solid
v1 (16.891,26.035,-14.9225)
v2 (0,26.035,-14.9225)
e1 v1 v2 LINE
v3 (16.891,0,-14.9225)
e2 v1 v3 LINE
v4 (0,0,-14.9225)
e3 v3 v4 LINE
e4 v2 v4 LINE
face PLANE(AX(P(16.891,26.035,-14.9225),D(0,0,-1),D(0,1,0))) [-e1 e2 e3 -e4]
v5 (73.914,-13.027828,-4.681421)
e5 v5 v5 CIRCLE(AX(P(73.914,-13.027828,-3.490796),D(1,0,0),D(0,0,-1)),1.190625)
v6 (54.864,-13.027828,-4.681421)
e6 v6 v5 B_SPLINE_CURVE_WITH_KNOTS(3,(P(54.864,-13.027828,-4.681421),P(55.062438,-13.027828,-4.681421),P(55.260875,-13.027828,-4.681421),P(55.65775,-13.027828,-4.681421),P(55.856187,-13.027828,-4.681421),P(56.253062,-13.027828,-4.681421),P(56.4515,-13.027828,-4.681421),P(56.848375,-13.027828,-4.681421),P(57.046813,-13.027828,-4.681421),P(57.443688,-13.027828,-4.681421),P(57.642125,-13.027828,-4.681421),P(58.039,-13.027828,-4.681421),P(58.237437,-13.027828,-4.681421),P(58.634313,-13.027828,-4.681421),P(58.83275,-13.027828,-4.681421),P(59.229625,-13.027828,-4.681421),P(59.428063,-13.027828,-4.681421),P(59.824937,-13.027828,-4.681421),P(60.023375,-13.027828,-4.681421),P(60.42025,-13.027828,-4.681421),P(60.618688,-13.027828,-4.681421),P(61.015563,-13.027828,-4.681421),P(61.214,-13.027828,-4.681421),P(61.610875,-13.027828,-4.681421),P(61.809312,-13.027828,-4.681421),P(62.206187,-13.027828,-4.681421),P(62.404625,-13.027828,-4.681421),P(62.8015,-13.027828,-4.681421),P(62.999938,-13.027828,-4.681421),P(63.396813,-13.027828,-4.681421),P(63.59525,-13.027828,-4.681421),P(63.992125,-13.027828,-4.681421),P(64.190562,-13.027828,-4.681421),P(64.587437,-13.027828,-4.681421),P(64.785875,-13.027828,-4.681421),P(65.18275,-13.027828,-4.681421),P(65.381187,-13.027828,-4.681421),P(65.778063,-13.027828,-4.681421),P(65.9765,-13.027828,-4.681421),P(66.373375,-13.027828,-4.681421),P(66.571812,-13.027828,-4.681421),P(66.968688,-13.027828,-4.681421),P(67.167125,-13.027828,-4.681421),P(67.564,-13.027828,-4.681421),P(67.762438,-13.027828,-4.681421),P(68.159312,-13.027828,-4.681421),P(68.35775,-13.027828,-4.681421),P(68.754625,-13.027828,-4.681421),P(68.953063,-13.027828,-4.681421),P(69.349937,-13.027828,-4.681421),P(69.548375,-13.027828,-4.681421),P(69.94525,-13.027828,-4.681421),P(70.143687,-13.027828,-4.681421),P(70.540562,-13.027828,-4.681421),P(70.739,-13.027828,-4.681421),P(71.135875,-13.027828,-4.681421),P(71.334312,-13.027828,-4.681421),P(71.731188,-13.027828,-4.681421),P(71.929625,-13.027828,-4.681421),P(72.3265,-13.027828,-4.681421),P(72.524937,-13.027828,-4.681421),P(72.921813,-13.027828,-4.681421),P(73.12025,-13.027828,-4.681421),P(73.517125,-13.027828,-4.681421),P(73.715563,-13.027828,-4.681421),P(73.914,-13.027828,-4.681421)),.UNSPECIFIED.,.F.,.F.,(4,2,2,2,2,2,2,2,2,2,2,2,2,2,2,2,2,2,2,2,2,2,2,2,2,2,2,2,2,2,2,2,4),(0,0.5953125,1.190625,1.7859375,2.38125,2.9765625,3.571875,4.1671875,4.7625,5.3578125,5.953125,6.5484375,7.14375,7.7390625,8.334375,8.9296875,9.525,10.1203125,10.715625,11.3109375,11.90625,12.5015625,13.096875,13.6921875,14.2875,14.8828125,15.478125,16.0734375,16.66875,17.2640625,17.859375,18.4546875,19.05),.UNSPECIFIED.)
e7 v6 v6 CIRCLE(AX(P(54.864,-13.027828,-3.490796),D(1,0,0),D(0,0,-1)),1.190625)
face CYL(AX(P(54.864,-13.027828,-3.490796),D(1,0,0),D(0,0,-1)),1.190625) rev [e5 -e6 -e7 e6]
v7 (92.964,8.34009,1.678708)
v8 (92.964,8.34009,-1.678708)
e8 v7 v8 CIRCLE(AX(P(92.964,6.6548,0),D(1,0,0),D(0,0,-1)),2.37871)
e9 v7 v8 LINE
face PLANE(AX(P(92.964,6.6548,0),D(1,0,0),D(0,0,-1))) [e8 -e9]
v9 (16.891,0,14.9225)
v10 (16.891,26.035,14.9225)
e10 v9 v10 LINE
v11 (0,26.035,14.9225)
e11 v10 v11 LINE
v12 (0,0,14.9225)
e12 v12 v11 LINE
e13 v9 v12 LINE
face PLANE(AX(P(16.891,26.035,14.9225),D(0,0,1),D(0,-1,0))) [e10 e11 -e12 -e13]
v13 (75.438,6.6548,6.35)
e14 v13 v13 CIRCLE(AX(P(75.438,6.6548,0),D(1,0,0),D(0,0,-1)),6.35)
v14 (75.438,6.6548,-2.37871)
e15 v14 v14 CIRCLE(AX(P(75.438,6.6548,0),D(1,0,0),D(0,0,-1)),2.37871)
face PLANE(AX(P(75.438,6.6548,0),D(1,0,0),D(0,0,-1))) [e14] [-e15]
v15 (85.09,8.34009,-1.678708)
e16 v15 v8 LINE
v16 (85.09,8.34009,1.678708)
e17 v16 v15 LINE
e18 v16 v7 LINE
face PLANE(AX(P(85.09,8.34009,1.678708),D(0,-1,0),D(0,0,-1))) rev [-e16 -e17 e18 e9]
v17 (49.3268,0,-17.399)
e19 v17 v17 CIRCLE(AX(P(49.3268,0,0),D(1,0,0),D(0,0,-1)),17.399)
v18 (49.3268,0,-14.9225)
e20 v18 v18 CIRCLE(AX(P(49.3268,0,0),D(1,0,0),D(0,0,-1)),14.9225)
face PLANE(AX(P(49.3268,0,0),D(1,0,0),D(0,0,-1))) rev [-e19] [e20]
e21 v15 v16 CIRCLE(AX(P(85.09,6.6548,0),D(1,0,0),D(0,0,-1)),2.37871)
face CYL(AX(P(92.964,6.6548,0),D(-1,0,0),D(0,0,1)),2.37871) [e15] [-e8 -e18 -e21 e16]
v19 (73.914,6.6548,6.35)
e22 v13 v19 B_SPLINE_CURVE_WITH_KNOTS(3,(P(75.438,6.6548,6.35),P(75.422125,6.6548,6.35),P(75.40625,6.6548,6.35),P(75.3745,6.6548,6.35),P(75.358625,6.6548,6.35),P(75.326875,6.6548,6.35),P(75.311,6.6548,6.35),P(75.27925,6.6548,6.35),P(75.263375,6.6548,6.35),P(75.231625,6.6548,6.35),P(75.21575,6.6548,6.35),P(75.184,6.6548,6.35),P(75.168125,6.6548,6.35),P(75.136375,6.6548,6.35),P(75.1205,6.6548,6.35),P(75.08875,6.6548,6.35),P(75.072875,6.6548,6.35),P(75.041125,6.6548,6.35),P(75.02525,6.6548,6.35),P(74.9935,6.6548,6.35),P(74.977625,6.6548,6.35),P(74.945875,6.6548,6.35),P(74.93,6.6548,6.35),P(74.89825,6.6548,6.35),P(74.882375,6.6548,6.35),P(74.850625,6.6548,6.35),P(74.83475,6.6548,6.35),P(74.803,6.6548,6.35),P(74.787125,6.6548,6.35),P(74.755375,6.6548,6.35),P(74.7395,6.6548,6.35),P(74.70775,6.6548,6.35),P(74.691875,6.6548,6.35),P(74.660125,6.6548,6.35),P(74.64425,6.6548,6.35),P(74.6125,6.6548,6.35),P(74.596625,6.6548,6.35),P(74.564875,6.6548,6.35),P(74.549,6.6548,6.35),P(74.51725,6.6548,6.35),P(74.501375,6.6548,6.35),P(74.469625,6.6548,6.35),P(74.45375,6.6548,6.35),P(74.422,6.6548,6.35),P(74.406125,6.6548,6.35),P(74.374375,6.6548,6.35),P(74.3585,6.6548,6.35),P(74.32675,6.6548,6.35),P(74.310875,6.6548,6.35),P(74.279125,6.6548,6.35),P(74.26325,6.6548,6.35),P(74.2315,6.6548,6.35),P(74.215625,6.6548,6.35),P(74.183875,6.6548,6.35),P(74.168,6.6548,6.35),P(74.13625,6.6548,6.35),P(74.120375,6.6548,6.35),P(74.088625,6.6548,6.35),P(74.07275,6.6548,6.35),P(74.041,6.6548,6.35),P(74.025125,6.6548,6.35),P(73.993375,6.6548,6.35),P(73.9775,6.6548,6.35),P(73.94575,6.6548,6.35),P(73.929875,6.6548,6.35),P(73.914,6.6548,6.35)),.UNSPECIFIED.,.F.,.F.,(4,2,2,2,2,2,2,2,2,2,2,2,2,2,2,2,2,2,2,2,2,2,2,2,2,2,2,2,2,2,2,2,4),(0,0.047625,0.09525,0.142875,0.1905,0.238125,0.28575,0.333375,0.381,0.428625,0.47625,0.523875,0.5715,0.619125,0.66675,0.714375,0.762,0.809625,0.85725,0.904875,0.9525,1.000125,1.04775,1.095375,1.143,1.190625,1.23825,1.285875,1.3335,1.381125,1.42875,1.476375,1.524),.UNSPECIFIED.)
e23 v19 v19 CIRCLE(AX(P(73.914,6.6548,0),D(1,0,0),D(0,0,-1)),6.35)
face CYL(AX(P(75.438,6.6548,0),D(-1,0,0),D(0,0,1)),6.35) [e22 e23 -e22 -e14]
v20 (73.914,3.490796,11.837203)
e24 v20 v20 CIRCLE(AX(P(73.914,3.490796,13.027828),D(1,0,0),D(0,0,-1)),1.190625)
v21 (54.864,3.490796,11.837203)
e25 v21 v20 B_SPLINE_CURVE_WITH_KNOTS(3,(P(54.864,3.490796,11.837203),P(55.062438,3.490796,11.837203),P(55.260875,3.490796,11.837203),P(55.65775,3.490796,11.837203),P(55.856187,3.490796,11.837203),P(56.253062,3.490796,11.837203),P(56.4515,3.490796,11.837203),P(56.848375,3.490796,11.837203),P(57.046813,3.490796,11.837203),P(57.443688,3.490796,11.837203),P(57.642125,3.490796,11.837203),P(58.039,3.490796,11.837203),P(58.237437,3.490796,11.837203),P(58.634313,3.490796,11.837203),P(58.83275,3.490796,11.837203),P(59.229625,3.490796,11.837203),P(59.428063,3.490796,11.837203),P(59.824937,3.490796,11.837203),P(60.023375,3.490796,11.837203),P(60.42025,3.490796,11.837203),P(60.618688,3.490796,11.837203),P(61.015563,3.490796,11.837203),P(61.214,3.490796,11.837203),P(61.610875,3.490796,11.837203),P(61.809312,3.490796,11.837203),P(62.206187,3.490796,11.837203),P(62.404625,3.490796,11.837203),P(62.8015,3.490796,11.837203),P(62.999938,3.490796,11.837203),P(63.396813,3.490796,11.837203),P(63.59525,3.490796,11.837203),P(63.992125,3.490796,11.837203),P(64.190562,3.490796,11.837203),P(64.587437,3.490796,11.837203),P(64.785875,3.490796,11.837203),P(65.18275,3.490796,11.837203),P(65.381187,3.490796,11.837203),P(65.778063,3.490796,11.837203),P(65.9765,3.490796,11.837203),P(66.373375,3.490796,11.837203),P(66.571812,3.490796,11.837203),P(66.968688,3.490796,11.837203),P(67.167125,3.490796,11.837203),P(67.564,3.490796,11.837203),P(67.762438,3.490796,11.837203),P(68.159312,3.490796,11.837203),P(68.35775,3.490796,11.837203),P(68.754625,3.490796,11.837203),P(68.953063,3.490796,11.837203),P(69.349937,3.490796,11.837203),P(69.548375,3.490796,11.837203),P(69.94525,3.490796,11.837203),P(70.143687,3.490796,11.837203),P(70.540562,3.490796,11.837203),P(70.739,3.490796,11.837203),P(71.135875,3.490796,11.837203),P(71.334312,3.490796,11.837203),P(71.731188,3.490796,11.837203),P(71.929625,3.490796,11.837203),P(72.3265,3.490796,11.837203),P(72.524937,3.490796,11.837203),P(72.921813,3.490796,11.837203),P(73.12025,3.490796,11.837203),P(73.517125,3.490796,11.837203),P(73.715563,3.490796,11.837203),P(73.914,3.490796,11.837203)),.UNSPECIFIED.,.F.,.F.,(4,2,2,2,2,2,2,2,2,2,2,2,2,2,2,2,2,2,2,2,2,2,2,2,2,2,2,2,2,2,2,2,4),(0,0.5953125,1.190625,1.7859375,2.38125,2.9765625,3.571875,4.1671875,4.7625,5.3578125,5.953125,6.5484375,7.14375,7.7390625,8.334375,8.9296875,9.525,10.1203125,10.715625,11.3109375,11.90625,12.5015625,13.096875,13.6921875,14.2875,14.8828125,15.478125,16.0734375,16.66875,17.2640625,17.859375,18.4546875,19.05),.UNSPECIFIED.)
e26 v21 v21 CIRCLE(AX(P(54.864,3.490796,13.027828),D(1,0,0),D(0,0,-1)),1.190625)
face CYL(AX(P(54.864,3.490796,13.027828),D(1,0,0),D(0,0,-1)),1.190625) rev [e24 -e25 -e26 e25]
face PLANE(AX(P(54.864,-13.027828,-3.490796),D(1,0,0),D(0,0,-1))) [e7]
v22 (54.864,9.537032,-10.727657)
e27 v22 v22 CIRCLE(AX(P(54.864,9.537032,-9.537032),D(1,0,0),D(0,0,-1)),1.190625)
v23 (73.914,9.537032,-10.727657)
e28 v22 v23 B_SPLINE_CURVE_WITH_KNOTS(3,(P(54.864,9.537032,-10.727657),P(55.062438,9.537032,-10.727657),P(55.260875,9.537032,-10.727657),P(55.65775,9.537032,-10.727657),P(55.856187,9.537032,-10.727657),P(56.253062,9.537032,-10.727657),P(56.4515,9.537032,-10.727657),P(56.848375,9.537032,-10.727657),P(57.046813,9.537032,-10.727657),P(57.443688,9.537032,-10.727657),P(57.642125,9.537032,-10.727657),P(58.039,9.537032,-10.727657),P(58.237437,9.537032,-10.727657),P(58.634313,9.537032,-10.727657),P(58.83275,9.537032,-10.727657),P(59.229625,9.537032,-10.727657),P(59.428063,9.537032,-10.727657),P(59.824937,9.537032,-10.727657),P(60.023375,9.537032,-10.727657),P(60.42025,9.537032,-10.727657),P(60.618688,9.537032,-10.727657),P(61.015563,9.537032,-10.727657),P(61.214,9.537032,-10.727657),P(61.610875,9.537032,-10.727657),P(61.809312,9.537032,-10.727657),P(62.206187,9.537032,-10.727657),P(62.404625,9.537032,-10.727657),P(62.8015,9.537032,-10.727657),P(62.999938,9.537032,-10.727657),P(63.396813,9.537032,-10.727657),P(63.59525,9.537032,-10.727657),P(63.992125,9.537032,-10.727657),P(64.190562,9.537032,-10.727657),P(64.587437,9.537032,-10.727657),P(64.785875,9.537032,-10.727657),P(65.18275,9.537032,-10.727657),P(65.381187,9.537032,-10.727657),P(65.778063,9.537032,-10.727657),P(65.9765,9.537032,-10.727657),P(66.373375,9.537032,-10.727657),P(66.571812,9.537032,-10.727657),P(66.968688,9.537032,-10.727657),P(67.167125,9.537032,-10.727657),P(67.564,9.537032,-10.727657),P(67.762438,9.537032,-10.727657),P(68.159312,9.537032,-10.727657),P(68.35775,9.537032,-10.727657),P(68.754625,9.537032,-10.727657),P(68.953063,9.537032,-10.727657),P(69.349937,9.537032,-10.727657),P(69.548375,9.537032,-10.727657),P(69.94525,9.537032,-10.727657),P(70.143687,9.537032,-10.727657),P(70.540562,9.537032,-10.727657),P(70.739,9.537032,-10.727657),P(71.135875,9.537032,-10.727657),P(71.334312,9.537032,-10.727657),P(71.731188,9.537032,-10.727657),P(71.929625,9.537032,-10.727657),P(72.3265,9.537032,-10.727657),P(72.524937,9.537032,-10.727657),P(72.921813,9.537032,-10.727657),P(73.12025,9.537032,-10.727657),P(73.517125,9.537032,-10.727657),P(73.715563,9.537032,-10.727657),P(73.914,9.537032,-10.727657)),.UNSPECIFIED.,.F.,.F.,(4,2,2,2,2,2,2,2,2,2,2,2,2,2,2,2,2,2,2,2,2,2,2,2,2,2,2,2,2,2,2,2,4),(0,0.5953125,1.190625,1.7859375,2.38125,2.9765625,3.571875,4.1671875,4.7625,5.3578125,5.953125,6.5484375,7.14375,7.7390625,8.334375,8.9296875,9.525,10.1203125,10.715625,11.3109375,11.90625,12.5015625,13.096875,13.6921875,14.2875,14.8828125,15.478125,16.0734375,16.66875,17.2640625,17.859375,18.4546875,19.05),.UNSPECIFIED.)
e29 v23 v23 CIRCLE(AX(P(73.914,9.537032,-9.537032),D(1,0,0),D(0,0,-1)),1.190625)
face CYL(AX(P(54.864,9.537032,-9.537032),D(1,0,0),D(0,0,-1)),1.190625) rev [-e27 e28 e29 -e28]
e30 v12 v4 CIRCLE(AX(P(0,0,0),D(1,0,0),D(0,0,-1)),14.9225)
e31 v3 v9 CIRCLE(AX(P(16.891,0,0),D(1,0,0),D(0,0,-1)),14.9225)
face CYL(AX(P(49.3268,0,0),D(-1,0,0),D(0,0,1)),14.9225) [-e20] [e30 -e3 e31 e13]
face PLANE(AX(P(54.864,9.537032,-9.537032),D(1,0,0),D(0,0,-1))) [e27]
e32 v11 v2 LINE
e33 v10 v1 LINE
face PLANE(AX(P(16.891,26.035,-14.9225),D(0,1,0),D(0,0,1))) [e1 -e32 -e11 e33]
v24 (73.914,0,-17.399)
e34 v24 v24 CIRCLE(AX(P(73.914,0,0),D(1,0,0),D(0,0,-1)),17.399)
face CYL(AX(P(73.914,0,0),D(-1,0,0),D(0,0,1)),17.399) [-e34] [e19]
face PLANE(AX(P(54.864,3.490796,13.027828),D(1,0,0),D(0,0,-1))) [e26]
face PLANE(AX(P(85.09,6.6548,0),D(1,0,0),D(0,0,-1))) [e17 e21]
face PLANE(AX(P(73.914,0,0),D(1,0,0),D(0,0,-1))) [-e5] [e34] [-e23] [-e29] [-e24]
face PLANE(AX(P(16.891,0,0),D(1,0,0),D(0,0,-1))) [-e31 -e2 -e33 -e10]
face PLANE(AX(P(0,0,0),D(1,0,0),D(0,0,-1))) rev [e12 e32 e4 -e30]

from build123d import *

# Parameters (mm, degrees)
SKETCH1_R           = 14.9225
BOSS_EXTRUDE1_DEPTH = 49.3268
BOSS_EXTRUDE2_DEPTH = 16.891
SKETCH3_R           = 17.399
BOSS_EXTRUDE3_DEPTH = 24.5872
SKETCH4_R           = 2.37871
BOSS_EXTRUDE4_DEPTH = 19.05
SKETCH5_R           = 6.35
BOSS_EXTRUDE5_DEPTH = 1.524
SKETCH6_R           = 1.190625
CUT_EXTRUDE1_DEPTH  = 19.05
CUT_EXTRUDE2_START  = -7.874
CUT_EXTRUDE2_DEPTH  = 7.874


with BuildPart() as part:
    # Sketch1 → Boss-Extrude1 (new body)
    with BuildSketch(Plane(origin=(0, 0, 0), x_dir=(0, 0, -1), z_dir=(1, 0, 0))):
        Circle(SKETCH1_R)
    extrude(amount=BOSS_EXTRUDE1_DEPTH)

    # Sketch2 → Boss-Extrude2 (add)
    with BuildSketch(Plane.ZY):
        with BuildLine():
            Line((-14.9225, 26.035), (14.9225, 26.035))
            Line((14.9225, 26.035), (14.9225, 0))
            ThreePointArc((14.9225, 0), (0, -14.9225), (-14.9225, 0))
            Line((-14.9225, 0), (-14.9225, 26.035))
        make_face()
    extrude(amount=-BOSS_EXTRUDE2_DEPTH)

    # Sketch3 → Boss-Extrude3 (add)
    with BuildSketch(Plane(origin=(49.3268, 0, 0), x_dir=(0, 0, -1), z_dir=(1, 0, 0))):
        Circle(SKETCH3_R)
    extrude(amount=BOSS_EXTRUDE3_DEPTH)

    # Sketch4 → Boss-Extrude4 (add)
    with BuildSketch(Plane(origin=(73.914, 0, 0), x_dir=(0, 0, -1), z_dir=(1, 0, 0))):
        with Locations(Location((0, 6.6548, 0), (0, 0, 180))):
            Circle(SKETCH4_R)
    extrude(amount=BOSS_EXTRUDE4_DEPTH)

    # Sketch5 → Boss-Extrude5 (add)
    with BuildSketch(Plane(origin=(73.914, 0, 0), x_dir=(0, 0, -1), z_dir=(1, 0, 0))):
        with Locations(Location((0, 6.6548, 0), (0, 0, 180))):
            Circle(SKETCH5_R)
    extrude(amount=BOSS_EXTRUDE5_DEPTH)

    # Sketch6 → Cut-Extrude1 (cut)
    with BuildSketch(Plane(origin=(73.914, 0, 0), x_dir=(0, 0, -1), z_dir=(1, 0, 0))):
        with Locations((3.490795989, -13.027827989)):
            Circle(SKETCH6_R)
        with Locations((-13.027827989, 3.490795989)):
            Circle(SKETCH6_R)
        with Locations((9.537032001, 9.537032001)):
            Circle(SKETCH6_R)
    extrude(amount=-CUT_EXTRUDE1_DEPTH, mode=Mode.SUBTRACT)

    # Sketch7 → Cut-Extrude2 (cut)
    with BuildSketch(Plane(origin=(92.964, 0, 0), x_dir=(0, 0, -1), z_dir=(1, 0, 0)).offset(CUT_EXTRUDE2_START)):
        with BuildLine():
            Line((-1.678707503, 8.34009), (1.678707503, 8.34009))
            ThreePointArc((1.678707503, 8.34009), (0, 9.03351), (-1.678707503, 8.34009))
        make_face()
    extrude(amount=CUT_EXTRUDE2_DEPTH, mode=Mode.SUBTRACT)


solid = part.part
